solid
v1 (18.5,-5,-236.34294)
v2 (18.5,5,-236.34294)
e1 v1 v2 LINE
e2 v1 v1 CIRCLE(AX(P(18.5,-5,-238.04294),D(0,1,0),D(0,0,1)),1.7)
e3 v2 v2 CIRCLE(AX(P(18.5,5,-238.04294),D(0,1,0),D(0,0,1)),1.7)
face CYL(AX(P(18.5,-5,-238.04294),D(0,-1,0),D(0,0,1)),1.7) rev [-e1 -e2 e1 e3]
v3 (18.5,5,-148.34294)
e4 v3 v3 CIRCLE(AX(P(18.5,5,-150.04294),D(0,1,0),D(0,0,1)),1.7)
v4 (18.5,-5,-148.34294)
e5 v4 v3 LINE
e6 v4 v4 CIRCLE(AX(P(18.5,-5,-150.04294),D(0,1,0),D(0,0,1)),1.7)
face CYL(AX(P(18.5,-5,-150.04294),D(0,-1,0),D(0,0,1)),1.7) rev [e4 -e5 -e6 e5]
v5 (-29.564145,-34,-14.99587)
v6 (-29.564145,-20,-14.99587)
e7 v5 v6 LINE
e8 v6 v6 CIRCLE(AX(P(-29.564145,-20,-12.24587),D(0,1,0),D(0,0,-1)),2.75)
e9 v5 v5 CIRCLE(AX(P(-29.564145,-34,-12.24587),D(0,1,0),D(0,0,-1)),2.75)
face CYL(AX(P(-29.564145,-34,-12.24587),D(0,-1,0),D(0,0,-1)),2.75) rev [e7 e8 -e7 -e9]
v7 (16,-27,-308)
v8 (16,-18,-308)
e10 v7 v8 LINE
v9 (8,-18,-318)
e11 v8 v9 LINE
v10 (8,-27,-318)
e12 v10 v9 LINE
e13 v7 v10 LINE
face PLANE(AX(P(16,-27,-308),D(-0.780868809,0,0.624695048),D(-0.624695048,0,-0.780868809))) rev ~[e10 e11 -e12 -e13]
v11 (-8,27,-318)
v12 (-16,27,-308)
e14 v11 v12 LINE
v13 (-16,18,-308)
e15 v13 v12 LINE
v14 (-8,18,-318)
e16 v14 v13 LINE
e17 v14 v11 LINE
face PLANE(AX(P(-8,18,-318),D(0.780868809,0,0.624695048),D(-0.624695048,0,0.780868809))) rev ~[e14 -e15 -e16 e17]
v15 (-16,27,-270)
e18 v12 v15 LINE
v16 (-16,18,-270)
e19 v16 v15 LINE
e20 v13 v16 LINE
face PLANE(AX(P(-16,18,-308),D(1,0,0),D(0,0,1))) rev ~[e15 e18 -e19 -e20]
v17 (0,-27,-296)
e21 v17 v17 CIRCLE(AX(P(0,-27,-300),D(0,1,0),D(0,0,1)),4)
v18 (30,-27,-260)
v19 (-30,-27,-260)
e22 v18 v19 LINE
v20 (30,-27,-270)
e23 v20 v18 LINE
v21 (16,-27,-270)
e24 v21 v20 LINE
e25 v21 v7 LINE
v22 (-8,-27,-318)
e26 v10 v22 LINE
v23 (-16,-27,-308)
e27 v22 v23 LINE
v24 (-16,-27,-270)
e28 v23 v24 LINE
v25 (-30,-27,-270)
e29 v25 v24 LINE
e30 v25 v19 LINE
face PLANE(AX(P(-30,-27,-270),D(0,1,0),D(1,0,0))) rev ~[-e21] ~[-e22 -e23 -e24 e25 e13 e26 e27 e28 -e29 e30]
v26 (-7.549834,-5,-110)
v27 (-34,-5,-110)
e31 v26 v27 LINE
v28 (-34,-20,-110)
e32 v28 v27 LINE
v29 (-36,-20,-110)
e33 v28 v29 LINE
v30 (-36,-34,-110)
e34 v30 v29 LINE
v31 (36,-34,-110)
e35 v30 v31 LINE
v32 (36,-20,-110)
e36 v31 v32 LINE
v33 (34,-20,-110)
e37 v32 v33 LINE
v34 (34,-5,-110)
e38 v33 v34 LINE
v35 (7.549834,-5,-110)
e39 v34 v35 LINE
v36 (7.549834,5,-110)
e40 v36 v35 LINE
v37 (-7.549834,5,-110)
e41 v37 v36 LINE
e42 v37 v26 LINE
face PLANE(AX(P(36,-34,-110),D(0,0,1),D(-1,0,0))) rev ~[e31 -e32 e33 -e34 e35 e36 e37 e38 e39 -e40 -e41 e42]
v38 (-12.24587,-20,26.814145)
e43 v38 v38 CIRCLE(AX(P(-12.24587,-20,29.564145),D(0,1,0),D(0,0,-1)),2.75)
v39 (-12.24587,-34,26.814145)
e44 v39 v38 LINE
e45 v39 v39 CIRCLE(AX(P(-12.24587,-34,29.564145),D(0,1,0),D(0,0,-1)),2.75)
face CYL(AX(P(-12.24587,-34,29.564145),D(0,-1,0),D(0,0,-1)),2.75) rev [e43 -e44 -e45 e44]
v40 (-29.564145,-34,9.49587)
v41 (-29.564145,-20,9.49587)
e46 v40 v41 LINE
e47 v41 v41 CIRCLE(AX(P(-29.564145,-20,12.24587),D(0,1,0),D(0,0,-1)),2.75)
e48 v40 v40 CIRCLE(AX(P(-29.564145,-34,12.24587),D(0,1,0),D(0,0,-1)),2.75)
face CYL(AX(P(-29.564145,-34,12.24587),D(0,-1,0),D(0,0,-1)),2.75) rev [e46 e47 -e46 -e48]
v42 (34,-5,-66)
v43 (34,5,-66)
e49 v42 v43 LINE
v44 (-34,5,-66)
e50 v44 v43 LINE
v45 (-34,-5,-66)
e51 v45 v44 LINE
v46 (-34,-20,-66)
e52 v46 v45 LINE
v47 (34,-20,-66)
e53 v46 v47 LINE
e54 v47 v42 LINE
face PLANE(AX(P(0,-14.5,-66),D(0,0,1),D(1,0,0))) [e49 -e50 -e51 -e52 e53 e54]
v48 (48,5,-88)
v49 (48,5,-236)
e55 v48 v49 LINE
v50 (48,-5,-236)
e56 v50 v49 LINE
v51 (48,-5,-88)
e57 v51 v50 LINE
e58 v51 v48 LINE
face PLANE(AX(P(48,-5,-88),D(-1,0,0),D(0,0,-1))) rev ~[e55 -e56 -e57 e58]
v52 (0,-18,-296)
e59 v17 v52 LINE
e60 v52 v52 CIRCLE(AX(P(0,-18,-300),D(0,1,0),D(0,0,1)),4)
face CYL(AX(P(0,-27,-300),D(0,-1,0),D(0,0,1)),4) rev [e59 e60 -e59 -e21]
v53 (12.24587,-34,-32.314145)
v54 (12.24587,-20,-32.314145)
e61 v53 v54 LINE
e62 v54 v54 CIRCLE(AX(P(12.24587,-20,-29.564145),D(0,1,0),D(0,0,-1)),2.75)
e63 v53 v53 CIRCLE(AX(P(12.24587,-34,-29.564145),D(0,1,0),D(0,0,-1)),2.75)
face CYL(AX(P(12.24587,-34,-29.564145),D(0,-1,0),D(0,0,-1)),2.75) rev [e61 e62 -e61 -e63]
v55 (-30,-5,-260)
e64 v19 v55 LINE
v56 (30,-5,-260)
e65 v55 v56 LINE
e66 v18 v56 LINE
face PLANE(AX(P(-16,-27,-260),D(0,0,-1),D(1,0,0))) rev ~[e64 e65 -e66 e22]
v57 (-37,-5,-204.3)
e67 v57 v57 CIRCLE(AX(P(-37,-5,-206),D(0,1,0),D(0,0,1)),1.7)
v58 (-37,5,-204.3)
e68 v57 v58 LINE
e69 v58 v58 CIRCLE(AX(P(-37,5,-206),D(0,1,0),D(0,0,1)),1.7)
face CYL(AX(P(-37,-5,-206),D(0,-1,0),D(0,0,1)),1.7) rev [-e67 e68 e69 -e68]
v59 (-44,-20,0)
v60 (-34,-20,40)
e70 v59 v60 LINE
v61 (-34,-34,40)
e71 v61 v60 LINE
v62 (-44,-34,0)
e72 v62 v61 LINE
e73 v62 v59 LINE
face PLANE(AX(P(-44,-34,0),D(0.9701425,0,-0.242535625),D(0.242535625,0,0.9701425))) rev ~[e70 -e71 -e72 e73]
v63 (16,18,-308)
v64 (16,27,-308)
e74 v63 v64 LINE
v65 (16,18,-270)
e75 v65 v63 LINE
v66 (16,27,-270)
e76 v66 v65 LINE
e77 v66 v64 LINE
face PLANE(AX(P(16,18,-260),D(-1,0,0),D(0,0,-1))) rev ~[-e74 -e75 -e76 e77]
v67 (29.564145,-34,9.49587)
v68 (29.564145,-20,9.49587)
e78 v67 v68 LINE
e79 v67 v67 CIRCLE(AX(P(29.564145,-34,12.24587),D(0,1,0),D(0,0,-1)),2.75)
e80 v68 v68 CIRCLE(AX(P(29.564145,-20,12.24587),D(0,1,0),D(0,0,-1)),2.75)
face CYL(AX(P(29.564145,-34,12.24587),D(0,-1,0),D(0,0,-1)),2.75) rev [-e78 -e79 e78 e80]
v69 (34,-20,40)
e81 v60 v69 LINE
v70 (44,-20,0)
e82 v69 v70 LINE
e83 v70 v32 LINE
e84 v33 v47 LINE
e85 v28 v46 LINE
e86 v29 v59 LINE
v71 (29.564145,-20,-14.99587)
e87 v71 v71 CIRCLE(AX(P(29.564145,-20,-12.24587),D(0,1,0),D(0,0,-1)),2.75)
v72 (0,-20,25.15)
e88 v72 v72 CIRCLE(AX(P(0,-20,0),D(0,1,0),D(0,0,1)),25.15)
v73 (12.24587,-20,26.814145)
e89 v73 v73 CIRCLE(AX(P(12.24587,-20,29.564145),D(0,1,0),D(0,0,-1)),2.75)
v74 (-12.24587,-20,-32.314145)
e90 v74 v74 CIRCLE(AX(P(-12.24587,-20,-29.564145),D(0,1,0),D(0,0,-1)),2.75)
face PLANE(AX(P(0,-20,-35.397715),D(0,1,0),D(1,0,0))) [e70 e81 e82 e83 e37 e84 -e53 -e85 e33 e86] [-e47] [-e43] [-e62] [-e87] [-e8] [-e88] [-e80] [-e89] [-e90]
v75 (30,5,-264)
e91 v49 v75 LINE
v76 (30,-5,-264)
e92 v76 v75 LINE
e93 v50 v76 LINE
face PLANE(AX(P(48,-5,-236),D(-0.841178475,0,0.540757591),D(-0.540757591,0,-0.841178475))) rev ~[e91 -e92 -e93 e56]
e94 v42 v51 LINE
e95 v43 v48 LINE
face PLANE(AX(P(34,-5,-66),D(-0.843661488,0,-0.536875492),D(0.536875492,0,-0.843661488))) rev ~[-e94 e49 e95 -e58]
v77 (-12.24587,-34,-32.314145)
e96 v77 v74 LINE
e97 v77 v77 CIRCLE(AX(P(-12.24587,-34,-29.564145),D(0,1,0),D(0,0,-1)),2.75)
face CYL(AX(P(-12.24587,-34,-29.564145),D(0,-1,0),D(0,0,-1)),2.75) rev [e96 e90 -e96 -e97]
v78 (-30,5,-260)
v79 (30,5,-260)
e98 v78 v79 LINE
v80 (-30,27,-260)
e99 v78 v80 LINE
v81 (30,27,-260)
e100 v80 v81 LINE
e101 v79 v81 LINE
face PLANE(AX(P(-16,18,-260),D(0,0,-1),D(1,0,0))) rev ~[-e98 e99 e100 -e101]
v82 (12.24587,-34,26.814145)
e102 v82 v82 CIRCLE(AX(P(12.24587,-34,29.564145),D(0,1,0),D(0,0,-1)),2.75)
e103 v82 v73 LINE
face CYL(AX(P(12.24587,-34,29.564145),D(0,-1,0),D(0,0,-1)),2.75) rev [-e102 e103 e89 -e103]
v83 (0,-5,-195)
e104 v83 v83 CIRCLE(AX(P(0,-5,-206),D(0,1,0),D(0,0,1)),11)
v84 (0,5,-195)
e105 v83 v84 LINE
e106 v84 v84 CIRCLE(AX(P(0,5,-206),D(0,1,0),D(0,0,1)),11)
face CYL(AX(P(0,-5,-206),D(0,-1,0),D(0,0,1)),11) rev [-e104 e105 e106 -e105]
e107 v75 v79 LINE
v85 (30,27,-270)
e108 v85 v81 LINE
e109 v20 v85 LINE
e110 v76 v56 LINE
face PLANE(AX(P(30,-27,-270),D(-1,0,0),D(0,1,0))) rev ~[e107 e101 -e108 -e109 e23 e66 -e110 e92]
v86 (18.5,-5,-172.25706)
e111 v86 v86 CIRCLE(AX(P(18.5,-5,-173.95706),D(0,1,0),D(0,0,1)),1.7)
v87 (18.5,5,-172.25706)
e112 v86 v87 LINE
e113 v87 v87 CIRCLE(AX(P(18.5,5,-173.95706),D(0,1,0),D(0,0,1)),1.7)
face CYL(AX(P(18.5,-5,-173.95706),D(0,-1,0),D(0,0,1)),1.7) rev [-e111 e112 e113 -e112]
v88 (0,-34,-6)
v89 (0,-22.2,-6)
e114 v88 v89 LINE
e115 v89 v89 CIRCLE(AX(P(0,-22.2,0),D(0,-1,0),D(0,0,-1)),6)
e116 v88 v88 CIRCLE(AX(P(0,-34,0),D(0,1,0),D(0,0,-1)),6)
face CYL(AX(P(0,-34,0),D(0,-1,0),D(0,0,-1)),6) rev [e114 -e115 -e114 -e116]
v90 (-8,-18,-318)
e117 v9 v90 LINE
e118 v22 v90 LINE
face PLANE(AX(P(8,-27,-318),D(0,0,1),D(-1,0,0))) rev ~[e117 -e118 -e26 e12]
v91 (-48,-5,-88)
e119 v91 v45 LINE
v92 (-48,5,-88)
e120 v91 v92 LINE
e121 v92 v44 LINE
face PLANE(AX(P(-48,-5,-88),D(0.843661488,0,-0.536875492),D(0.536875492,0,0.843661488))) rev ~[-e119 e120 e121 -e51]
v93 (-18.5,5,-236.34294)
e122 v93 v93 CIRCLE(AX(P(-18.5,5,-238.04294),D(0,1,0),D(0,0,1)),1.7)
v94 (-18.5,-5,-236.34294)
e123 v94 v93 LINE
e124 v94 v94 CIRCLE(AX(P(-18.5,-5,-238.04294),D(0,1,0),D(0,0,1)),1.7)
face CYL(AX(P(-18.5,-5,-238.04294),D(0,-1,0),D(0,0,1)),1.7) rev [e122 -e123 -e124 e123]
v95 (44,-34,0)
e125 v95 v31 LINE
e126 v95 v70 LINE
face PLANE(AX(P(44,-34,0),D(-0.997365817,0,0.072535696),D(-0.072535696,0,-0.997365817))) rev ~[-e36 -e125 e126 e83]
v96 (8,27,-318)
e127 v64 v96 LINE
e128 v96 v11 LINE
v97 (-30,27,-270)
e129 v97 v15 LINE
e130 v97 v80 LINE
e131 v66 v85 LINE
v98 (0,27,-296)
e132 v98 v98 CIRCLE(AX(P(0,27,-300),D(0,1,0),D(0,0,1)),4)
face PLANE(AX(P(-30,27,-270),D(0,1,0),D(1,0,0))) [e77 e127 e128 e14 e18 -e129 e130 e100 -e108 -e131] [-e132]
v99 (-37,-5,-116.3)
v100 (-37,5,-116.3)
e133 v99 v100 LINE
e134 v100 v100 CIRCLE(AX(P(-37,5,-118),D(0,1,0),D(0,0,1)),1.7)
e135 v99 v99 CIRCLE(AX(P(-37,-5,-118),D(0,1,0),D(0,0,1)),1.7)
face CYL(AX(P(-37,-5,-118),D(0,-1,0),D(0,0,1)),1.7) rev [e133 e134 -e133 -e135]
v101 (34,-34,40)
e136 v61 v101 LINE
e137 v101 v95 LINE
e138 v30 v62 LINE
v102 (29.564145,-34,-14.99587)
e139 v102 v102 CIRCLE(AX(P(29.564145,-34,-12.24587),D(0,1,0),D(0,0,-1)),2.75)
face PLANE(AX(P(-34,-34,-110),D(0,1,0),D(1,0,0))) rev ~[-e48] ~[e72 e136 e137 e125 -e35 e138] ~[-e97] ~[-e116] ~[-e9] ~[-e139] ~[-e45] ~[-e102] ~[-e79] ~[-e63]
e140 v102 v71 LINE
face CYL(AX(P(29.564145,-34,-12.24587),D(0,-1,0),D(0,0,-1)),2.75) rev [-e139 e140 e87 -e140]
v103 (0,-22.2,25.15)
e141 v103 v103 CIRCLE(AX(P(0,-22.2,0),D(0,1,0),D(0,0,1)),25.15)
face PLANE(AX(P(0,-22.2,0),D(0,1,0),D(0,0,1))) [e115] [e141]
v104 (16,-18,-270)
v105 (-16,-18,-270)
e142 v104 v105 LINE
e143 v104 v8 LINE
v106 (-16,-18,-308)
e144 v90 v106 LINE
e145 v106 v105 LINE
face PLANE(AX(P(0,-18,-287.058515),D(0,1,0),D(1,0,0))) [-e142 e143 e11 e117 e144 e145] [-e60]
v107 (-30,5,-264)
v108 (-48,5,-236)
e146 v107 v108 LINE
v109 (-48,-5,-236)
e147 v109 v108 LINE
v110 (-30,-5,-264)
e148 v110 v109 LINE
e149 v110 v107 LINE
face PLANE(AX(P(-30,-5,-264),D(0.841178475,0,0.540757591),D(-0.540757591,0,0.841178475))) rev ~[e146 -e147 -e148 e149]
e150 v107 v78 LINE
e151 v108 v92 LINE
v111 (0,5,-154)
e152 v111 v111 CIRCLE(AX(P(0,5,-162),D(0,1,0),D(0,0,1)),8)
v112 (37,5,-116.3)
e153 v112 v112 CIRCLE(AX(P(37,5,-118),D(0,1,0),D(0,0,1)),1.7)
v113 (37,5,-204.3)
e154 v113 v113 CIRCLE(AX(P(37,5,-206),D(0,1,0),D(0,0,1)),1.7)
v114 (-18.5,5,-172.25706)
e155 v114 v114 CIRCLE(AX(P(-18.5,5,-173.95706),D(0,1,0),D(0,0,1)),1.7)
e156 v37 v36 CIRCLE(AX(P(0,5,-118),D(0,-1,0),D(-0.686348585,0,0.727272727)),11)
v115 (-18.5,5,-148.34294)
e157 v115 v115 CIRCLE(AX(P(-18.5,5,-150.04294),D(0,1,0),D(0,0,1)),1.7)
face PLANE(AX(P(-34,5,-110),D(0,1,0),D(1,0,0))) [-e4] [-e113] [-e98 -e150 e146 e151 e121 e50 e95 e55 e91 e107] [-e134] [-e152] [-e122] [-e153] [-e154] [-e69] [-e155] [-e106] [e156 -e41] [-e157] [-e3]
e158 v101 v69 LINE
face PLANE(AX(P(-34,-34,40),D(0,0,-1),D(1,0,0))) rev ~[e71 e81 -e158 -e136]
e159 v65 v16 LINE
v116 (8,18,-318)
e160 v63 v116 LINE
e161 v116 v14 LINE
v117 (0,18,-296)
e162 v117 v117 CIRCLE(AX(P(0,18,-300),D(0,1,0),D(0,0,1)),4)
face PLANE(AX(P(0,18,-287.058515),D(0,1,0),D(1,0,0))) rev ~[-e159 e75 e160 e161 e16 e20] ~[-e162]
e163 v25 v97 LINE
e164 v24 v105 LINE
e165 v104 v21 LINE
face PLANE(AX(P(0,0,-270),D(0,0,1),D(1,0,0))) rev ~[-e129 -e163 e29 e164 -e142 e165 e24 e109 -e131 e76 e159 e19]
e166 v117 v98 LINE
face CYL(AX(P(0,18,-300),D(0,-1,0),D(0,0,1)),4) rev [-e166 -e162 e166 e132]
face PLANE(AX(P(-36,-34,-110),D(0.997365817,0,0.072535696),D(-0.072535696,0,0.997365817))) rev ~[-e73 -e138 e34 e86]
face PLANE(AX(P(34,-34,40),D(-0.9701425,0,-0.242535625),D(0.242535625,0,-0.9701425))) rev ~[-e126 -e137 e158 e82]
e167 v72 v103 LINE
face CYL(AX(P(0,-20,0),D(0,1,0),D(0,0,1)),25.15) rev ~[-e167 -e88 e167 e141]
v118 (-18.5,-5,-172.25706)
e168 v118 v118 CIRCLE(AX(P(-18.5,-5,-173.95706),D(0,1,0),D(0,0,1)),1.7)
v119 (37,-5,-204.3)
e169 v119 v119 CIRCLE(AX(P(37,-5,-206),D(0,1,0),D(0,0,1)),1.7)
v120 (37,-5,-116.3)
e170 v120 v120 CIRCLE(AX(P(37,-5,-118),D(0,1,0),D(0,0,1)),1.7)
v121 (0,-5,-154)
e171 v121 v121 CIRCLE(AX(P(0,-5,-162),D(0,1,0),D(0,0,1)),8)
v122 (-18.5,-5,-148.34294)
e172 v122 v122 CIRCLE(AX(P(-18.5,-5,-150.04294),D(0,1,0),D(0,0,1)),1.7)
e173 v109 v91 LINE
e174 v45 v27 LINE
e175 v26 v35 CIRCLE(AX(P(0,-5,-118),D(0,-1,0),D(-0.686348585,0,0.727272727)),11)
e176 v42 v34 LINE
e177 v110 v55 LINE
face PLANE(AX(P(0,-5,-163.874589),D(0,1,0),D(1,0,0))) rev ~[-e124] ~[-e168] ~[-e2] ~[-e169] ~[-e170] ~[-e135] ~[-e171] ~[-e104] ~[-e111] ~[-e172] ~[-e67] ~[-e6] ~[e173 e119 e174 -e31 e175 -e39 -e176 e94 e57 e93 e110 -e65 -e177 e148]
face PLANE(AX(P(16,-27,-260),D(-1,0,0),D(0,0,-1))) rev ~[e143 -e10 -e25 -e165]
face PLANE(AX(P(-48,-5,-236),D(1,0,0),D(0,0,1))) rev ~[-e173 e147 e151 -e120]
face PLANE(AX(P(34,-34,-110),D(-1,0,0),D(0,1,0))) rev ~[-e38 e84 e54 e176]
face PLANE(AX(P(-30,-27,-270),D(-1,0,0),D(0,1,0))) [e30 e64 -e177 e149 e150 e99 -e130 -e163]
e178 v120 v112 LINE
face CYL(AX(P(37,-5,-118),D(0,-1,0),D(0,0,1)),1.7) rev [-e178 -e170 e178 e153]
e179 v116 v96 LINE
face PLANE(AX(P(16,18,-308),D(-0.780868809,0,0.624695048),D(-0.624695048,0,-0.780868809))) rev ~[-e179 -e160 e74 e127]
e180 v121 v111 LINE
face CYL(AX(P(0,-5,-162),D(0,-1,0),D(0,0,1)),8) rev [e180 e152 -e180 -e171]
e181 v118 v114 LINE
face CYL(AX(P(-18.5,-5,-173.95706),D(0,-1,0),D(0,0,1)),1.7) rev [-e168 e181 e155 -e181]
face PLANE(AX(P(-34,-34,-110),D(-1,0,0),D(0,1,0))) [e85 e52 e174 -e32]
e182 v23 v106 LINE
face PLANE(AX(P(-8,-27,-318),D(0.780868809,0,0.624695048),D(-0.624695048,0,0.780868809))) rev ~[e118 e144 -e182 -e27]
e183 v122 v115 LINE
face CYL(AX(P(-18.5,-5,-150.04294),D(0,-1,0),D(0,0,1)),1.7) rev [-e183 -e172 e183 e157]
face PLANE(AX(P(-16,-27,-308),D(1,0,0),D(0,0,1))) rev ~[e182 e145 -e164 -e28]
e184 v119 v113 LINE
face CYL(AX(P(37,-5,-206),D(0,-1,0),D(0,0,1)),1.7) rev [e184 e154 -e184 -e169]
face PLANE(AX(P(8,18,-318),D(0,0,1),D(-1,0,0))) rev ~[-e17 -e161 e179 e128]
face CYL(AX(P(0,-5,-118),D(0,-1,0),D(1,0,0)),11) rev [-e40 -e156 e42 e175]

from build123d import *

# Parameters (mm, degrees)
SK_KNEE_PLATE_R         = 2.75
SK_KNEE_PLATE_R_2       = 6
KNEE_PLATE_DEPTH        = 14
SK_KNEE_PILOT_RECESS_R  = 25.15
KNEE_PILOT_RECESS_DEPTH = 2.2
SK_JOGGLE_W             = 68
SK_JOGGLE_H             = 39
JOGGLE_DEPTH            = 44
SK_WEB_R                = 1.7
SK_WEB_R_2              = 11
SK_WEB_R_3              = 8
WEB_DEPTH               = 10
SK_FORK_BAR_W           = 60
SK_FORK_BAR_H           = 54
FORK_BAR_DEPTH          = 10
SK_TINE_LAT_R           = 4
TINE_LAT_DEPTH          = 9
SK_TINE_MED_R           = 4
TINE_MED_DEPTH          = 9


with BuildPart() as part:
    # SK_Knee_Plate → Knee_Plate (new body)
    with BuildSketch(Plane(origin=(0, -34, 0), x_dir=(1, 0, 0), z_dir=(0, 1, 0))):
        Polygon((-34, -40), (34, -40), (44, 0), (36, 110), (-36, 110), (-44, 0), align=None)
        with Locations((29.56414504, 12.245869836)):
            Circle(SK_KNEE_PLATE_R, mode=Mode.SUBTRACT)
        with Locations((12.245869836, 29.56414504)):
            Circle(SK_KNEE_PLATE_R, mode=Mode.SUBTRACT)
        with Locations((-12.245869836, 29.56414504)):
            Circle(SK_KNEE_PLATE_R, mode=Mode.SUBTRACT)
        with Locations((-29.56414504, 12.245869836)):
            Circle(SK_KNEE_PLATE_R, mode=Mode.SUBTRACT)
        with Locations((-29.56414504, -12.245869836)):
            Circle(SK_KNEE_PLATE_R, mode=Mode.SUBTRACT)
        with Locations((-12.245869836, -29.56414504)):
            Circle(SK_KNEE_PLATE_R, mode=Mode.SUBTRACT)
        with Locations((12.245869836, -29.56414504)):
            Circle(SK_KNEE_PLATE_R, mode=Mode.SUBTRACT)
        with Locations((29.56414504, -12.245869836)):
            Circle(SK_KNEE_PLATE_R, mode=Mode.SUBTRACT)
        Circle(SK_KNEE_PLATE_R_2, mode=Mode.SUBTRACT)
    extrude(amount=KNEE_PLATE_DEPTH)

    # SK_Knee_Pilot_Recess → Knee_Pilot_Recess (cut)
    with BuildSketch(Plane(origin=(0, -20, 0), x_dir=(1, 0, 0), z_dir=(0, 1, 0))):
        Circle(SK_KNEE_PILOT_RECESS_R)
    extrude(amount=-KNEE_PILOT_RECESS_DEPTH, mode=Mode.SUBTRACT)

    # SK_Joggle → Joggle (add)
    with BuildSketch(Plane.XY.offset(-110)):
        with Locations((0, -14.5)):
            Rectangle(SK_JOGGLE_W, SK_JOGGLE_H)
    extrude(amount=JOGGLE_DEPTH)

    # SK_Web → Web (add)
    with BuildSketch(Plane(origin=(0, -5, 0), x_dir=(1, 0, 0), z_dir=(0, 1, 0))):
        Polygon((-34, 66), (34, 66), (48, 88), (48, 236), (30, 264), (-30, 264), (-48, 236), (-48, 88), align=None)
        with Locations((37, 118)):
            Circle(SK_WEB_R, mode=Mode.SUBTRACT)
        with Locations((18.5, 150.04293994)):
            Circle(SK_WEB_R, mode=Mode.SUBTRACT)
        with Locations((-18.5, 150.04293994)):
            Circle(SK_WEB_R, mode=Mode.SUBTRACT)
        with Locations((-37, 118)):
            Circle(SK_WEB_R, mode=Mode.SUBTRACT)
        with Locations((-18.5, 85.95706006)):
            Circle(SK_WEB_R, mode=Mode.SUBTRACT)
        with Locations((18.5, 85.95706006)):
            Circle(SK_WEB_R, mode=Mode.SUBTRACT)
        with Locations((37, 206)):
            Circle(SK_WEB_R, mode=Mode.SUBTRACT)
        with Locations((18.5, 238.04293994)):
            Circle(SK_WEB_R, mode=Mode.SUBTRACT)
        with Locations((-18.5, 238.04293994)):
            Circle(SK_WEB_R, mode=Mode.SUBTRACT)
        with Locations((-37, 206)):
            Circle(SK_WEB_R, mode=Mode.SUBTRACT)
        with Locations((-18.5, 173.95706006)):
            Circle(SK_WEB_R, mode=Mode.SUBTRACT)
        with Locations((18.5, 173.95706006)):
            Circle(SK_WEB_R, mode=Mode.SUBTRACT)
        with Locations((0, 118)):
            Circle(SK_WEB_R_2, mode=Mode.SUBTRACT)
        with Locations((0, 206)):
            Circle(SK_WEB_R_2, mode=Mode.SUBTRACT)
        with Locations((0, 162)):
            Circle(SK_WEB_R_3, mode=Mode.SUBTRACT)
    extrude(amount=WEB_DEPTH)

    # SK_Fork_Bar → Fork_Bar (add)
    with BuildSketch(Plane.XY.offset(-270)):
        Rectangle(SK_FORK_BAR_W, SK_FORK_BAR_H)
    extrude(amount=FORK_BAR_DEPTH)

    # SK_Tine_Lat → Tine_Lat (add)
    with BuildSketch(Plane(origin=(0, 18, 0), x_dir=(1, 0, 0), z_dir=(0, 1, 0))):
        Polygon((-16, 260), (16, 260), (16, 308), (8, 318), (-8, 318), (-16, 308), align=None)
        with Locations((0, 300)):
            Circle(SK_TINE_LAT_R, mode=Mode.SUBTRACT)
    extrude(amount=TINE_LAT_DEPTH)

    # SK_Tine_Med → Tine_Med (add)
    with BuildSketch(Plane(origin=(0, -27, 0), x_dir=(1, 0, 0), z_dir=(0, 1, 0))):
        Polygon((-16, 260), (16, 260), (16, 308), (8, 318), (-8, 318), (-16, 308), align=None)
        with Locations((0, 300)):
            Circle(SK_TINE_MED_R, mode=Mode.SUBTRACT)
    extrude(amount=TINE_MED_DEPTH)


solid = part.part
